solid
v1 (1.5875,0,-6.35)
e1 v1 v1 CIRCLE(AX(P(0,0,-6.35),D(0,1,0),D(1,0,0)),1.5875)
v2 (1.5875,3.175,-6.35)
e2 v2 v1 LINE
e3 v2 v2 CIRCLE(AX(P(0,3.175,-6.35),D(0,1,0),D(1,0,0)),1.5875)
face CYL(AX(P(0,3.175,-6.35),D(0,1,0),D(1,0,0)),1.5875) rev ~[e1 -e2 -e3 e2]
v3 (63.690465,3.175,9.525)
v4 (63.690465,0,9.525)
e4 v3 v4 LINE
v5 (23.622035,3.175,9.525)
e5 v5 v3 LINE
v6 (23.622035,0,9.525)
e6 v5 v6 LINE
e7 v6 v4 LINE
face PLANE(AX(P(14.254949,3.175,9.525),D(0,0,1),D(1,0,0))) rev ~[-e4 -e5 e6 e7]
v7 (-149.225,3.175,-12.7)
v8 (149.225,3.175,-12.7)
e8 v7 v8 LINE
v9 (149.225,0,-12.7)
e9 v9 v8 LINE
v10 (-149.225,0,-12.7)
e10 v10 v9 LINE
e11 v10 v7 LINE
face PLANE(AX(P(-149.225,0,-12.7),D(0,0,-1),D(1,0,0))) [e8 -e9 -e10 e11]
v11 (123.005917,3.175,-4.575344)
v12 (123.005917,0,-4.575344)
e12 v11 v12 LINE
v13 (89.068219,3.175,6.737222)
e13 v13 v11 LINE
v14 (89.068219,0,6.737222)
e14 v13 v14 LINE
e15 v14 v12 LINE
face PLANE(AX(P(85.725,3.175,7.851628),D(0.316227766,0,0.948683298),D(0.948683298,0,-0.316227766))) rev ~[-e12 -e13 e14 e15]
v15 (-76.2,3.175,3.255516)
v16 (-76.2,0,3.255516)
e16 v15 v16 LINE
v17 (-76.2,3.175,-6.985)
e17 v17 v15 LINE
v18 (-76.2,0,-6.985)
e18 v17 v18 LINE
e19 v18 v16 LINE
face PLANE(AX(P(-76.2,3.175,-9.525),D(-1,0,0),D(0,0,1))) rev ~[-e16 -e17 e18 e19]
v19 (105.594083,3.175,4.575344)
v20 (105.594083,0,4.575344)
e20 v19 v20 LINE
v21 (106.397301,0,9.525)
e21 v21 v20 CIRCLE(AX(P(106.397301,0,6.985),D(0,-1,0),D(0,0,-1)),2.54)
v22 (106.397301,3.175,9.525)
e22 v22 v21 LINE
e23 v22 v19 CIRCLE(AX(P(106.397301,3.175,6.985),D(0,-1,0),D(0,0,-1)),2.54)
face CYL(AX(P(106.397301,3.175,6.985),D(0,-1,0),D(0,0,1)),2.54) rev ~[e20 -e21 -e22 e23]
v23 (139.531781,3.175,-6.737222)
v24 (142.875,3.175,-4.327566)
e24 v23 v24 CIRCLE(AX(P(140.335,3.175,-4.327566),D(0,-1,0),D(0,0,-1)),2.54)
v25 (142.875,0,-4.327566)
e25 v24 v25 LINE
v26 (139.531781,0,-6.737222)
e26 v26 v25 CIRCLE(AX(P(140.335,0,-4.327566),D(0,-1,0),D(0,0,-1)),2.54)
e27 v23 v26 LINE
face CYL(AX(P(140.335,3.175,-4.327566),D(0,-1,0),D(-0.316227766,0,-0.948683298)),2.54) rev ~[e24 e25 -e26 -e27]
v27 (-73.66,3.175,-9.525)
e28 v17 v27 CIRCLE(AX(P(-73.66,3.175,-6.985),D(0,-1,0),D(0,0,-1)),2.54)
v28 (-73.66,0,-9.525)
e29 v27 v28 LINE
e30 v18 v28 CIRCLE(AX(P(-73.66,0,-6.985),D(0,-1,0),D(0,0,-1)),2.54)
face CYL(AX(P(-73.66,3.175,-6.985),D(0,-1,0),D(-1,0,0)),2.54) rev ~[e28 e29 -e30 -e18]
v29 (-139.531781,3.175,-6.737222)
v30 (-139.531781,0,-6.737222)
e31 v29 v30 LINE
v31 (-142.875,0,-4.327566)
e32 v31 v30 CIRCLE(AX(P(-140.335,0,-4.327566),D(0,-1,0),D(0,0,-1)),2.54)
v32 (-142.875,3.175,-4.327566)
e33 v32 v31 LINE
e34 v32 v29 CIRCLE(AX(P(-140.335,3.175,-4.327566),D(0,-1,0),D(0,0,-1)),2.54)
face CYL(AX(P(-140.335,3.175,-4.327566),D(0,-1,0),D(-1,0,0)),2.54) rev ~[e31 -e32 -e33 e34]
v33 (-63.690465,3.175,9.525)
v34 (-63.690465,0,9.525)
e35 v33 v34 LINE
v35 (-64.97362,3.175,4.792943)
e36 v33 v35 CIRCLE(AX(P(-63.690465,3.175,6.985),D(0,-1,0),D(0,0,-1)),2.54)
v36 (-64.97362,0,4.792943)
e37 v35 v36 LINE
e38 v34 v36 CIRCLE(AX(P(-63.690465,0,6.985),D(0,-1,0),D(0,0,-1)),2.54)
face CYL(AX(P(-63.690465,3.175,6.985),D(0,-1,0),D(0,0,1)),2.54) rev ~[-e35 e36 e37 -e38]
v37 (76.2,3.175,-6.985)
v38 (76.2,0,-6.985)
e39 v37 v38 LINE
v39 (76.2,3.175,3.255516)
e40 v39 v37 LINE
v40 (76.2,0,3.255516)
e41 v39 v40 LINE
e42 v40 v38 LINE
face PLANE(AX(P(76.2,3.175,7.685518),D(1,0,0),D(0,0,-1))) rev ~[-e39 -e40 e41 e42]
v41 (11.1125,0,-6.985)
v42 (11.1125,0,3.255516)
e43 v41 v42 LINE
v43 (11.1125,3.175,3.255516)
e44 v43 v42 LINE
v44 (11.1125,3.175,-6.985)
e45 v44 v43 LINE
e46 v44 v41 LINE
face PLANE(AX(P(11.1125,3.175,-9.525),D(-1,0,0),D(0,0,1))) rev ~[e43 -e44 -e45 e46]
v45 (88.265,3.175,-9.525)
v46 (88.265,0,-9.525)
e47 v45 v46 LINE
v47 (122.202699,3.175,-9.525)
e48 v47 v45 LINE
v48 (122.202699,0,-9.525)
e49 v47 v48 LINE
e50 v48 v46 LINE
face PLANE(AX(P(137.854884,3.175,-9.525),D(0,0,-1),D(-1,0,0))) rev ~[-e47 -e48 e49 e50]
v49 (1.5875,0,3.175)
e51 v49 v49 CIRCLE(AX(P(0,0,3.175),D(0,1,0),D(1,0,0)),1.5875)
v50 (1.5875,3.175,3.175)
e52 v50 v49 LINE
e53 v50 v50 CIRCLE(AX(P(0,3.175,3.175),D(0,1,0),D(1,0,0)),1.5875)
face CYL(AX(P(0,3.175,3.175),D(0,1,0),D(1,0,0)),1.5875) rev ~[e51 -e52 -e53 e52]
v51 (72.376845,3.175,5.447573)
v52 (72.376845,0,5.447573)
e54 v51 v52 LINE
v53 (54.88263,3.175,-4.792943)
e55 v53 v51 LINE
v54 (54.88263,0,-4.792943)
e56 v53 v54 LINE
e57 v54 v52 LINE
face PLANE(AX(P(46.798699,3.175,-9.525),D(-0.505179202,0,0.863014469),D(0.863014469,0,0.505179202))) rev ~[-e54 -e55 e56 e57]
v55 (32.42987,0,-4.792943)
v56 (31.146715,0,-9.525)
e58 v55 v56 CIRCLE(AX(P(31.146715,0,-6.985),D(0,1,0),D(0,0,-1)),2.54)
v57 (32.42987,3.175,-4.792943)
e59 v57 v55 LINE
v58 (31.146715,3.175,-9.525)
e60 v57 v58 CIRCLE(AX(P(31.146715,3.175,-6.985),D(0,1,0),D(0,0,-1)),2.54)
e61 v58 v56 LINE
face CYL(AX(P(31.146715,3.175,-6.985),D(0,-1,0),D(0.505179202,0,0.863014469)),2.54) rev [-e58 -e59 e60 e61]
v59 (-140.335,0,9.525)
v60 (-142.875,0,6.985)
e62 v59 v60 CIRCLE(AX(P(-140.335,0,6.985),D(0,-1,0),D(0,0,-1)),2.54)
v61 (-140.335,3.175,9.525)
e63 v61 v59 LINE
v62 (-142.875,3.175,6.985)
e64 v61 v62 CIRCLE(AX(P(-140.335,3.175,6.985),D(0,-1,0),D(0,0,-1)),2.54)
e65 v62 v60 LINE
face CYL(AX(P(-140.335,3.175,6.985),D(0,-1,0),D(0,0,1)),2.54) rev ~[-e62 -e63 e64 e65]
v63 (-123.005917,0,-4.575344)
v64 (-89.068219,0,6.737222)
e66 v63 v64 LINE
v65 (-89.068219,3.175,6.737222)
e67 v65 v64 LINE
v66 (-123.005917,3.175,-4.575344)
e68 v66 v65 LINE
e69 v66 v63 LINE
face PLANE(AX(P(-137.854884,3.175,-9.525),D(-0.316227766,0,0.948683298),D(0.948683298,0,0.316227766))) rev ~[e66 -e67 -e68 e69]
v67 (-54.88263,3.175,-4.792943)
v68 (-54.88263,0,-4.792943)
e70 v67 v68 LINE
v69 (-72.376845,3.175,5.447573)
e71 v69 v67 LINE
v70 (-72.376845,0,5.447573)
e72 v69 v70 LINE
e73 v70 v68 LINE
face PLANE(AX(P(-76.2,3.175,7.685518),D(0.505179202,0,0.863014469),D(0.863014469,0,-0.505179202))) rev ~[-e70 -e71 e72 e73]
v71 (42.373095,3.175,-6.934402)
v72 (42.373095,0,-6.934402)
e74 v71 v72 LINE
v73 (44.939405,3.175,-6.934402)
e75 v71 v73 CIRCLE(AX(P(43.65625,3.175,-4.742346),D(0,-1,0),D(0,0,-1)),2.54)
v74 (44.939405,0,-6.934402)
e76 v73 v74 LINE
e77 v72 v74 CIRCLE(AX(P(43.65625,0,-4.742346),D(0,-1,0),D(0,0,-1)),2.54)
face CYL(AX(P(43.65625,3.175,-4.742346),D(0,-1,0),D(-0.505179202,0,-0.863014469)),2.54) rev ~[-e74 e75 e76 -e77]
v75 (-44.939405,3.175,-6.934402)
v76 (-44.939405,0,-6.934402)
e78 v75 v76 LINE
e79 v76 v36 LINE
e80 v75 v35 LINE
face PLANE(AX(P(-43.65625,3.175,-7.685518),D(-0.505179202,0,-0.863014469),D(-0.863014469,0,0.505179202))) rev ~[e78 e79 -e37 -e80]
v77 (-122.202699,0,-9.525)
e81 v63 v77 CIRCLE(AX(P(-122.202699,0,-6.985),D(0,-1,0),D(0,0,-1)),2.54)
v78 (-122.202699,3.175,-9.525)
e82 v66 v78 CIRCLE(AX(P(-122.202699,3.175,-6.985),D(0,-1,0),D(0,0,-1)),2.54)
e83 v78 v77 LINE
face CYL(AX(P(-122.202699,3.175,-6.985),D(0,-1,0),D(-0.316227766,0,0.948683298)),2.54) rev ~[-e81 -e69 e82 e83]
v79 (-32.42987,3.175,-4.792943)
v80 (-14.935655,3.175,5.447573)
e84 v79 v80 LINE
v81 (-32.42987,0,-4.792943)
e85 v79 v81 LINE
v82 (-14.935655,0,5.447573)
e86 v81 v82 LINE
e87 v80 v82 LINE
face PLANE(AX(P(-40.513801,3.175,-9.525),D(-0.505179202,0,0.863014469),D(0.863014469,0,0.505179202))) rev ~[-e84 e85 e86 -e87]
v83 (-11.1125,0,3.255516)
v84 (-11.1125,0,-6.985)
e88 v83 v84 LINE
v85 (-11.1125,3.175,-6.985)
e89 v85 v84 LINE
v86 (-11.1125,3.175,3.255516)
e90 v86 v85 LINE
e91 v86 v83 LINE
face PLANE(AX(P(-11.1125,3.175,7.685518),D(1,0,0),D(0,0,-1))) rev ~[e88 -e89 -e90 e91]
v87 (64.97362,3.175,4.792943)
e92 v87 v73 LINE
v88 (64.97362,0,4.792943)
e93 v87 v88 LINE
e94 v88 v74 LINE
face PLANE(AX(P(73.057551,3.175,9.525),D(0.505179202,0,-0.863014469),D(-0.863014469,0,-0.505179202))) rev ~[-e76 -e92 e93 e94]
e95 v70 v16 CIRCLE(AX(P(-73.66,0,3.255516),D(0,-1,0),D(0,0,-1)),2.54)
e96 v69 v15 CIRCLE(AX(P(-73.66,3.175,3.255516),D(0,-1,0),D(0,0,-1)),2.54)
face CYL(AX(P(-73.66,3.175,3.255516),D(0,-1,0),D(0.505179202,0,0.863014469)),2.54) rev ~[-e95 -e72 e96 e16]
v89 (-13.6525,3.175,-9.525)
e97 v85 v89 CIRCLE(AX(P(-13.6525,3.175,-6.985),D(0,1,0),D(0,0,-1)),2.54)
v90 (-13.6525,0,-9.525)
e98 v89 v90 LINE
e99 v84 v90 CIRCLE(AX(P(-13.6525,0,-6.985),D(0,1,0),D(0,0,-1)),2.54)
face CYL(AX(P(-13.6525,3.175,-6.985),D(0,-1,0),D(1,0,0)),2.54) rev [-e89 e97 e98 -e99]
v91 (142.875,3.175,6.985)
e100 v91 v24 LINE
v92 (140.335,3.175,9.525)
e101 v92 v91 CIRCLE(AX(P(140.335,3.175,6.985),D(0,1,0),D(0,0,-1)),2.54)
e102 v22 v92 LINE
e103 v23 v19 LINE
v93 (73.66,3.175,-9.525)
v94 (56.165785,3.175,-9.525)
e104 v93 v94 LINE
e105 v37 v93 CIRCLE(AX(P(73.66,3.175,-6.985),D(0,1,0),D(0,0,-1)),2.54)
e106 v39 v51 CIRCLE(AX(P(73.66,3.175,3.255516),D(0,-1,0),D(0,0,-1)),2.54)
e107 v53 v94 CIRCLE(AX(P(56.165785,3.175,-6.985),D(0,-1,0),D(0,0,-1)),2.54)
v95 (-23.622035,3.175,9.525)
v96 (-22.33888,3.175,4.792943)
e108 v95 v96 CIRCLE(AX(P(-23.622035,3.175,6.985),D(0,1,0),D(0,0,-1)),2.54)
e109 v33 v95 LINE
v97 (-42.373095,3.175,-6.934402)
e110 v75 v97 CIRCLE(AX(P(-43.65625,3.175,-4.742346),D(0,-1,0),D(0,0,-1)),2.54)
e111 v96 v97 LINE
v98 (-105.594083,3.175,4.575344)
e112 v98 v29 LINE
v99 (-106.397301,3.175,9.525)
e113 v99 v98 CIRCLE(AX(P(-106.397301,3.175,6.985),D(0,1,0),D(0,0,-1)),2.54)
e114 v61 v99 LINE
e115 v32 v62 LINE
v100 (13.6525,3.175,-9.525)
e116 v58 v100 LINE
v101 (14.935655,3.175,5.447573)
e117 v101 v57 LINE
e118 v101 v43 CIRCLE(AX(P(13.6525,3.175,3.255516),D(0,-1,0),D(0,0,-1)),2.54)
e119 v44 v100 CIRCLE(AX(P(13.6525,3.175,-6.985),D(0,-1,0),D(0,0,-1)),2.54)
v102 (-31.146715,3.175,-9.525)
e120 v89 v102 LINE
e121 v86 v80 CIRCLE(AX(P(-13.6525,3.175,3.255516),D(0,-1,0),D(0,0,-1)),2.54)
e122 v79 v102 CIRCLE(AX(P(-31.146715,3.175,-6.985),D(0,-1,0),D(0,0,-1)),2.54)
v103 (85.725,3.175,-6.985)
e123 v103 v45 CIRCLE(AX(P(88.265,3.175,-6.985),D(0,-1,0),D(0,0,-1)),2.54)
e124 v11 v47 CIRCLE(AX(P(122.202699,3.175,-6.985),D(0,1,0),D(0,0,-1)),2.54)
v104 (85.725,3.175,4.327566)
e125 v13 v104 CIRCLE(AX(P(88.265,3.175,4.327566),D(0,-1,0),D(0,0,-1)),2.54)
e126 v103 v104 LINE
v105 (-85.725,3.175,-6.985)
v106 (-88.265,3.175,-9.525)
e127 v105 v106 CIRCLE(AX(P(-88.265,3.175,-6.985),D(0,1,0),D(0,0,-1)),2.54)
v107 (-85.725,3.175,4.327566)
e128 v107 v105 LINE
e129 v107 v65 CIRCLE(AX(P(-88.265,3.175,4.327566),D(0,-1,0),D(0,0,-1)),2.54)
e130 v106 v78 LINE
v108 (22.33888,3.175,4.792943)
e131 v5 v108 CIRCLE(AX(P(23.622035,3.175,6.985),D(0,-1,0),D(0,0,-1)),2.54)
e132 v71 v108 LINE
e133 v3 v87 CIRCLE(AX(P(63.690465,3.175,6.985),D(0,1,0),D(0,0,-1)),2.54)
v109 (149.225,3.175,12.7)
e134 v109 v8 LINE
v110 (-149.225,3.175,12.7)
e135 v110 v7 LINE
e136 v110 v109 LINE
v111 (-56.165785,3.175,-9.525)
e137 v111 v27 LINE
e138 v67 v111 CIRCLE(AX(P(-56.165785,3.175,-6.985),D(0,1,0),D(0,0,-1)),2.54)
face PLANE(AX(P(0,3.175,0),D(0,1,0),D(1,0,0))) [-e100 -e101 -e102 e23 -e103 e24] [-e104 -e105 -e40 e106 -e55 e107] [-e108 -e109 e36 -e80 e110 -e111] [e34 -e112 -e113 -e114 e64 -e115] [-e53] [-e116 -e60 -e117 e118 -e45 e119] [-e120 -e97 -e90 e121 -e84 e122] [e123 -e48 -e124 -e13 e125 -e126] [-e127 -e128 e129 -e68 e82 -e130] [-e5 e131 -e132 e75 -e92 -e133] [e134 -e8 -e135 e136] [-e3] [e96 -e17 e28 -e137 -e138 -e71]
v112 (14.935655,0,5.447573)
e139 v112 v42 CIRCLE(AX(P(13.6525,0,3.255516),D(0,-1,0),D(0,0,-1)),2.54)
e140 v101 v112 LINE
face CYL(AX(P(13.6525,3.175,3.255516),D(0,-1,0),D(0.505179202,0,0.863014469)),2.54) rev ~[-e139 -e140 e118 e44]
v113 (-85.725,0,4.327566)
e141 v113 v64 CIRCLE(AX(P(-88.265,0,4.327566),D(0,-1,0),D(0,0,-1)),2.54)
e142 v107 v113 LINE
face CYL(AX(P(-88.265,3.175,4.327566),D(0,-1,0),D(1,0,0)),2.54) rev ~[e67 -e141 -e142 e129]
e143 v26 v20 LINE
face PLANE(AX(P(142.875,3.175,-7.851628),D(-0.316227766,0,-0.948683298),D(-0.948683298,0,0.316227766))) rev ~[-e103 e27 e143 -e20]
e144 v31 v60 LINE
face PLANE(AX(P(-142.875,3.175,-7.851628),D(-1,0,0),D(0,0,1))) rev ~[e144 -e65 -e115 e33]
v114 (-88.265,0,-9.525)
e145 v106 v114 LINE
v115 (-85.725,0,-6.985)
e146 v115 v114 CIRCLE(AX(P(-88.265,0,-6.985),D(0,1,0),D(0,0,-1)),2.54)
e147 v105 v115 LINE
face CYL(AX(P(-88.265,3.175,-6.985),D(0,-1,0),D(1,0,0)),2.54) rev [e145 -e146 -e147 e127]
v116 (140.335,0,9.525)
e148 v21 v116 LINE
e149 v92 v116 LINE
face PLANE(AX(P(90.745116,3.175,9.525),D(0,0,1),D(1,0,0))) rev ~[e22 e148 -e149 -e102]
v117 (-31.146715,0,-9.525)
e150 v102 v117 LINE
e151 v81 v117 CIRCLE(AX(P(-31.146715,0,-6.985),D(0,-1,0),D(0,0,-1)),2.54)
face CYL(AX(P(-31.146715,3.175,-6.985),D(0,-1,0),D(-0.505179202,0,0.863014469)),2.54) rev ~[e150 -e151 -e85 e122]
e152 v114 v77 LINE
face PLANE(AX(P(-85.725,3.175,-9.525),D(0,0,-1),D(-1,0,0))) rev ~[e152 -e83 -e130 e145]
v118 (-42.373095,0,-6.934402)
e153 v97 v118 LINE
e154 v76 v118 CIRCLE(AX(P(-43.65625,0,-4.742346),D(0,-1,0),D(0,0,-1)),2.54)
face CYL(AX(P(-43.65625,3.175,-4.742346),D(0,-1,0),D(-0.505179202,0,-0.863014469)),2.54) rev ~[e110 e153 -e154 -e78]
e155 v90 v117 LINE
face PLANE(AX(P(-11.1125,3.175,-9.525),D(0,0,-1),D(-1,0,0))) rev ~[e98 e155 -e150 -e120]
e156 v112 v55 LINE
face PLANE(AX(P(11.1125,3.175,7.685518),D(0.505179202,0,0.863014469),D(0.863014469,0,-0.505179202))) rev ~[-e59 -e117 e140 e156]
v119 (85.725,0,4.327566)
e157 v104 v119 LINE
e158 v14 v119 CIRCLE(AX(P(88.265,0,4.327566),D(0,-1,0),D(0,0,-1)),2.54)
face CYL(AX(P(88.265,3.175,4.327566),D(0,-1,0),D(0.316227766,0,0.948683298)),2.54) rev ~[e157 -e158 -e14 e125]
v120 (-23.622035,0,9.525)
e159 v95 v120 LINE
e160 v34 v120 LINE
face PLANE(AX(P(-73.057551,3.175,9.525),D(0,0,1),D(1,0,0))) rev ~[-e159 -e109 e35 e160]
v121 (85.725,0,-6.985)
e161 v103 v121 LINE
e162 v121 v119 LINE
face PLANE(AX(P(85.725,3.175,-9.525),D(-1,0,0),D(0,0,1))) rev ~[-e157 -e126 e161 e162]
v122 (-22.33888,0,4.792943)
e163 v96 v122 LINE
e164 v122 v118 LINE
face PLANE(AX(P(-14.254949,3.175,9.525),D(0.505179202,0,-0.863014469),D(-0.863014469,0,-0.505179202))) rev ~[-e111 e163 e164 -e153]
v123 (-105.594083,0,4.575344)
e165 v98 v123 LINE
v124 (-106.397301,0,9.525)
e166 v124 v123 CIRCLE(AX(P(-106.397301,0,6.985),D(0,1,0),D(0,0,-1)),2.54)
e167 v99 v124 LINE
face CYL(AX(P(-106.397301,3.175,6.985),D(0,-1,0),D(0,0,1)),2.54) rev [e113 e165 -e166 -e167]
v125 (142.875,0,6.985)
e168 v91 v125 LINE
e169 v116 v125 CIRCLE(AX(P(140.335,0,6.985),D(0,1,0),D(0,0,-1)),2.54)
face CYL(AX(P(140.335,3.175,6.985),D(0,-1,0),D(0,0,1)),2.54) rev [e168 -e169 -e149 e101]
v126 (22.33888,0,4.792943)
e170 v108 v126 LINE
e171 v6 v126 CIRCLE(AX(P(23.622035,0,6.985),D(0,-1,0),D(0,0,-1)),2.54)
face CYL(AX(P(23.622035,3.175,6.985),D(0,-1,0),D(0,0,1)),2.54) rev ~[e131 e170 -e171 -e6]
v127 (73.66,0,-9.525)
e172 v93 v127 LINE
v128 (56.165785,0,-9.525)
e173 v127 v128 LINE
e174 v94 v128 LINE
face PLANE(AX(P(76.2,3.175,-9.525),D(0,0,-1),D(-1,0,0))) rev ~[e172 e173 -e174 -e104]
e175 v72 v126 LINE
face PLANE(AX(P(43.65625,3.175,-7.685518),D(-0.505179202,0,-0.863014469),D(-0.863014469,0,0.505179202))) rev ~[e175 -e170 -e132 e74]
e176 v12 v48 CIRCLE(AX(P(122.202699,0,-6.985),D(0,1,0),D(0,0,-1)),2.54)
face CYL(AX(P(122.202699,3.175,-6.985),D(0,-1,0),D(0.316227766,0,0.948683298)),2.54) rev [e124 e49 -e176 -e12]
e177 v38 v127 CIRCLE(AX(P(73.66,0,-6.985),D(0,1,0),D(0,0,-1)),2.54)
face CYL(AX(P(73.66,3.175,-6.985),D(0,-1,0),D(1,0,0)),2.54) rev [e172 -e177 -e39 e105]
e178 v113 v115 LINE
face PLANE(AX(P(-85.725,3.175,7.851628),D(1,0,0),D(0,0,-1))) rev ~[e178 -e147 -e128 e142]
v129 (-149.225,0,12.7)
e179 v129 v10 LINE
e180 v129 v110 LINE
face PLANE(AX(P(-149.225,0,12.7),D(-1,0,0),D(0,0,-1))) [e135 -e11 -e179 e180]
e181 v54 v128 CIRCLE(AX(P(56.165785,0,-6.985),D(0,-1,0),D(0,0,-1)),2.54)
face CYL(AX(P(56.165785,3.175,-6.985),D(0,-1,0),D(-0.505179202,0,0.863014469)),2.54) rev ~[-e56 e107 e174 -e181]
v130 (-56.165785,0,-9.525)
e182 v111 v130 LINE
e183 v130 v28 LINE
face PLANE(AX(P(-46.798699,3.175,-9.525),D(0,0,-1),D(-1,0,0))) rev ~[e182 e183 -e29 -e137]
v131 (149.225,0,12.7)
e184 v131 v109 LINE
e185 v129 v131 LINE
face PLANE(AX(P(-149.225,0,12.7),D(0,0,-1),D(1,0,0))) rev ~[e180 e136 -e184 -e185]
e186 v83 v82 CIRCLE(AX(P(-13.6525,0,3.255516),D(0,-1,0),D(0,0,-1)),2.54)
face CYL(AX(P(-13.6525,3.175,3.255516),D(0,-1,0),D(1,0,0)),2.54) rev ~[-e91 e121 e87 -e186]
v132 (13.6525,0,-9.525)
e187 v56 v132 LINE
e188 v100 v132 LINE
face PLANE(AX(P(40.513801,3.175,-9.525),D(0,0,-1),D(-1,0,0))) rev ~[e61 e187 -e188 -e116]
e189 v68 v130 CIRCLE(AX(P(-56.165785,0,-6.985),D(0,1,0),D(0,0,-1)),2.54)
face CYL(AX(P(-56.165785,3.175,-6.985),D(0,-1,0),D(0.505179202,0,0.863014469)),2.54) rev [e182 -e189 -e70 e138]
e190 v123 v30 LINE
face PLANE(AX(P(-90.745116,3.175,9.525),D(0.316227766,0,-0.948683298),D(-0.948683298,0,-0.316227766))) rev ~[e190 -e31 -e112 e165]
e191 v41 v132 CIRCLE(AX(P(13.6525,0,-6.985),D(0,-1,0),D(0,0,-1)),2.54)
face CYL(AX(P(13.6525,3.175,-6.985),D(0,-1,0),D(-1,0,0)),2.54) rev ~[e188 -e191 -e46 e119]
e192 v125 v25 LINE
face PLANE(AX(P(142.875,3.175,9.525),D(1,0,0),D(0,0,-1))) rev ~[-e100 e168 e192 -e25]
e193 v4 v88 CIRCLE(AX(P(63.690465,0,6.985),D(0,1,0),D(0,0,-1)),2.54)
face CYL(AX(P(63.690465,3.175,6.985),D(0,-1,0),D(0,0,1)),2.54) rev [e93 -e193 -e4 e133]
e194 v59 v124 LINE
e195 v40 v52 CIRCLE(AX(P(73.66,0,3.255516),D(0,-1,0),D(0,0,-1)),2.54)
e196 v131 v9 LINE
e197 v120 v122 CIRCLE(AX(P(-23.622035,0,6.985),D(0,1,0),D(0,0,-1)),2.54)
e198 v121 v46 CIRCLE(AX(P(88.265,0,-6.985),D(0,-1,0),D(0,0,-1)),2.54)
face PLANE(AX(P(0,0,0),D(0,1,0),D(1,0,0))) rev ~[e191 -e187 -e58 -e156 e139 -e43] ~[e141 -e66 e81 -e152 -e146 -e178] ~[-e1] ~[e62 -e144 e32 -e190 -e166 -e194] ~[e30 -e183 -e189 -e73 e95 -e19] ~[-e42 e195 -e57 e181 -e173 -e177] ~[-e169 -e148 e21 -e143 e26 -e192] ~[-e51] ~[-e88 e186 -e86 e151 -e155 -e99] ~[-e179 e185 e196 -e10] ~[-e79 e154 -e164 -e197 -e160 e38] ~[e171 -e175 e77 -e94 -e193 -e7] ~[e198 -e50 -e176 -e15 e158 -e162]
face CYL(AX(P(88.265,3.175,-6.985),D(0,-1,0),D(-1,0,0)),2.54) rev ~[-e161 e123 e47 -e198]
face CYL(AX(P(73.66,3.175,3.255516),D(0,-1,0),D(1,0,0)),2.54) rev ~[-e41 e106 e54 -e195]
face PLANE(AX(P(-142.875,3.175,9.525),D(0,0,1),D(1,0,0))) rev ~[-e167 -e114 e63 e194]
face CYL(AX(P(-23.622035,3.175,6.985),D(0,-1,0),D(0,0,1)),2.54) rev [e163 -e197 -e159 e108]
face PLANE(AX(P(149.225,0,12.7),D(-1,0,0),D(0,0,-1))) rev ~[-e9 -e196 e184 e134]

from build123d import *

# Parameters (mm, degrees)
SKETCH1_W           = 298.45
SKETCH1_H           = 25.4
BOSS_EXTRUDE1_DEPTH = 3.175
CUT_EXTRUDE1_DEPTH  = 4.175
SKETCH3_R           = 1.5875
CUT_EXTRUDE2_DEPTH  = 4.175
FILLET1_R           = 2.54


with BuildPart() as part:
    # Sketch1 → Boss-Extrude1 (new body)
    with BuildSketch(Plane(origin=(0, 0, 0), x_dir=(1, 0, 0), z_dir=(0, 1, 0))):
        Rectangle(SKETCH1_W, SKETCH1_H)
    extrude(amount=BOSS_EXTRUDE1_DEPTH)

    # Sketch2 → Cut-Extrude1 (cut, through all)
    with BuildSketch(Plane(origin=(0, 3.175, 0), x_dir=(1, 0, 0), z_dir=(0, 1, 0))):
        Polygon((-142.875, -9.525), (-90.745115786, -9.525), (-142.875, 7.851628071), align=None)
        Polygon((-85.725, -7.851628071), (-85.725, 9.525), (-137.854884214, 9.525), align=None)
        Polygon((-76.2, -7.685517516), (-46.798699244, 9.525), (-76.2, 9.525), align=None)
        Polygon((-73.057550756, -9.525), (-14.254949244, -9.525), (-43.65625, 7.685517516), align=None)
        Polygon((-11.1125, -7.685517516), (-11.1125, 9.525), (-40.513800756, 9.525), align=None)
        Polygon((11.1125, -7.685517516), (40.513800756, 9.525), (11.1125, 9.525), align=None)
        Polygon((14.254949244, -9.525), (73.057550756, -9.525), (43.65625, 7.685517516), align=None)
        Polygon((76.2, -7.685517516), (76.2, 9.525), (46.798699244, 9.525), align=None)
        Polygon((85.725, -7.851628071), (137.854884214, 9.525), (85.725, 9.525), align=None)
        Polygon((90.745115786, -9.525), (142.875, -9.525), (142.875, 7.851628071), align=None)
    extrude(amount=-CUT_EXTRUDE1_DEPTH, mode=Mode.SUBTRACT)

    # Sketch3 → Cut-Extrude2 (cut, through all)
    with BuildSketch(Plane(origin=(0, 3.175, 0), x_dir=(1, 0, 0), z_dir=(0, 1, 0))):
        with Locations((0, 6.35)):
            Circle(SKETCH3_R)
        with Locations((0, -3.175)):
            Circle(SKETCH3_R)
    extrude(amount=-CUT_EXTRUDE2_DEPTH, mode=Mode.SUBTRACT)

    # Fillet1
    fillet1_edges = [part.edges().sort_by_distance(p)[0] for p in [
        (-43.65625, 1.5875, -7.685517516),
        (-14.254949244, 1.5875, 9.525),
        (-73.057550756, 1.5875, 9.525),
        (-40.513800756, 1.5875, -9.525),
        (-11.1125, 1.5875, -9.525),
        (-11.1125, 1.5875, 7.685517516),
        (-76.2, 1.5875, 7.685517516),
        (-76.2, 1.5875, -9.525),
        (-46.798699244, 1.5875, -9.525),
        (-85.725, 1.5875, 7.851628071),
        (-137.854884214, 1.5875, -9.525),
        (-85.725, 1.5875, -9.525),
        (85.725, 1.5875, 7.851628071),
        (85.725, 1.5875, -9.525),
        (137.854884214, 1.5875, -9.525),
        (46.798699244, 1.5875, -9.525),
        (76.2, 1.5875, -9.525),
        (76.2, 1.5875, 7.685517516),
        (11.1125, 1.5875, 7.685517516),
        (11.1125, 1.5875, -9.525),
        (40.513800756, 1.5875, -9.525),
        (43.65625, 1.5875, -7.685517516),
        (73.057550756, 1.5875, 9.525),
        (14.254949244, 1.5875, 9.525),
        (90.745115786, 1.5875, 9.525),
        (142.875, 1.5875, -7.851628071),
        (142.875, 1.5875, 9.525),
        (-90.745115786, 1.5875, 9.525),
        (-142.875, 1.5875, 9.525),
        (-142.875, 1.5875, -7.851628071),
    ]]
    fillet(fillet1_edges, radius=FILLET1_R)


solid = part.part
